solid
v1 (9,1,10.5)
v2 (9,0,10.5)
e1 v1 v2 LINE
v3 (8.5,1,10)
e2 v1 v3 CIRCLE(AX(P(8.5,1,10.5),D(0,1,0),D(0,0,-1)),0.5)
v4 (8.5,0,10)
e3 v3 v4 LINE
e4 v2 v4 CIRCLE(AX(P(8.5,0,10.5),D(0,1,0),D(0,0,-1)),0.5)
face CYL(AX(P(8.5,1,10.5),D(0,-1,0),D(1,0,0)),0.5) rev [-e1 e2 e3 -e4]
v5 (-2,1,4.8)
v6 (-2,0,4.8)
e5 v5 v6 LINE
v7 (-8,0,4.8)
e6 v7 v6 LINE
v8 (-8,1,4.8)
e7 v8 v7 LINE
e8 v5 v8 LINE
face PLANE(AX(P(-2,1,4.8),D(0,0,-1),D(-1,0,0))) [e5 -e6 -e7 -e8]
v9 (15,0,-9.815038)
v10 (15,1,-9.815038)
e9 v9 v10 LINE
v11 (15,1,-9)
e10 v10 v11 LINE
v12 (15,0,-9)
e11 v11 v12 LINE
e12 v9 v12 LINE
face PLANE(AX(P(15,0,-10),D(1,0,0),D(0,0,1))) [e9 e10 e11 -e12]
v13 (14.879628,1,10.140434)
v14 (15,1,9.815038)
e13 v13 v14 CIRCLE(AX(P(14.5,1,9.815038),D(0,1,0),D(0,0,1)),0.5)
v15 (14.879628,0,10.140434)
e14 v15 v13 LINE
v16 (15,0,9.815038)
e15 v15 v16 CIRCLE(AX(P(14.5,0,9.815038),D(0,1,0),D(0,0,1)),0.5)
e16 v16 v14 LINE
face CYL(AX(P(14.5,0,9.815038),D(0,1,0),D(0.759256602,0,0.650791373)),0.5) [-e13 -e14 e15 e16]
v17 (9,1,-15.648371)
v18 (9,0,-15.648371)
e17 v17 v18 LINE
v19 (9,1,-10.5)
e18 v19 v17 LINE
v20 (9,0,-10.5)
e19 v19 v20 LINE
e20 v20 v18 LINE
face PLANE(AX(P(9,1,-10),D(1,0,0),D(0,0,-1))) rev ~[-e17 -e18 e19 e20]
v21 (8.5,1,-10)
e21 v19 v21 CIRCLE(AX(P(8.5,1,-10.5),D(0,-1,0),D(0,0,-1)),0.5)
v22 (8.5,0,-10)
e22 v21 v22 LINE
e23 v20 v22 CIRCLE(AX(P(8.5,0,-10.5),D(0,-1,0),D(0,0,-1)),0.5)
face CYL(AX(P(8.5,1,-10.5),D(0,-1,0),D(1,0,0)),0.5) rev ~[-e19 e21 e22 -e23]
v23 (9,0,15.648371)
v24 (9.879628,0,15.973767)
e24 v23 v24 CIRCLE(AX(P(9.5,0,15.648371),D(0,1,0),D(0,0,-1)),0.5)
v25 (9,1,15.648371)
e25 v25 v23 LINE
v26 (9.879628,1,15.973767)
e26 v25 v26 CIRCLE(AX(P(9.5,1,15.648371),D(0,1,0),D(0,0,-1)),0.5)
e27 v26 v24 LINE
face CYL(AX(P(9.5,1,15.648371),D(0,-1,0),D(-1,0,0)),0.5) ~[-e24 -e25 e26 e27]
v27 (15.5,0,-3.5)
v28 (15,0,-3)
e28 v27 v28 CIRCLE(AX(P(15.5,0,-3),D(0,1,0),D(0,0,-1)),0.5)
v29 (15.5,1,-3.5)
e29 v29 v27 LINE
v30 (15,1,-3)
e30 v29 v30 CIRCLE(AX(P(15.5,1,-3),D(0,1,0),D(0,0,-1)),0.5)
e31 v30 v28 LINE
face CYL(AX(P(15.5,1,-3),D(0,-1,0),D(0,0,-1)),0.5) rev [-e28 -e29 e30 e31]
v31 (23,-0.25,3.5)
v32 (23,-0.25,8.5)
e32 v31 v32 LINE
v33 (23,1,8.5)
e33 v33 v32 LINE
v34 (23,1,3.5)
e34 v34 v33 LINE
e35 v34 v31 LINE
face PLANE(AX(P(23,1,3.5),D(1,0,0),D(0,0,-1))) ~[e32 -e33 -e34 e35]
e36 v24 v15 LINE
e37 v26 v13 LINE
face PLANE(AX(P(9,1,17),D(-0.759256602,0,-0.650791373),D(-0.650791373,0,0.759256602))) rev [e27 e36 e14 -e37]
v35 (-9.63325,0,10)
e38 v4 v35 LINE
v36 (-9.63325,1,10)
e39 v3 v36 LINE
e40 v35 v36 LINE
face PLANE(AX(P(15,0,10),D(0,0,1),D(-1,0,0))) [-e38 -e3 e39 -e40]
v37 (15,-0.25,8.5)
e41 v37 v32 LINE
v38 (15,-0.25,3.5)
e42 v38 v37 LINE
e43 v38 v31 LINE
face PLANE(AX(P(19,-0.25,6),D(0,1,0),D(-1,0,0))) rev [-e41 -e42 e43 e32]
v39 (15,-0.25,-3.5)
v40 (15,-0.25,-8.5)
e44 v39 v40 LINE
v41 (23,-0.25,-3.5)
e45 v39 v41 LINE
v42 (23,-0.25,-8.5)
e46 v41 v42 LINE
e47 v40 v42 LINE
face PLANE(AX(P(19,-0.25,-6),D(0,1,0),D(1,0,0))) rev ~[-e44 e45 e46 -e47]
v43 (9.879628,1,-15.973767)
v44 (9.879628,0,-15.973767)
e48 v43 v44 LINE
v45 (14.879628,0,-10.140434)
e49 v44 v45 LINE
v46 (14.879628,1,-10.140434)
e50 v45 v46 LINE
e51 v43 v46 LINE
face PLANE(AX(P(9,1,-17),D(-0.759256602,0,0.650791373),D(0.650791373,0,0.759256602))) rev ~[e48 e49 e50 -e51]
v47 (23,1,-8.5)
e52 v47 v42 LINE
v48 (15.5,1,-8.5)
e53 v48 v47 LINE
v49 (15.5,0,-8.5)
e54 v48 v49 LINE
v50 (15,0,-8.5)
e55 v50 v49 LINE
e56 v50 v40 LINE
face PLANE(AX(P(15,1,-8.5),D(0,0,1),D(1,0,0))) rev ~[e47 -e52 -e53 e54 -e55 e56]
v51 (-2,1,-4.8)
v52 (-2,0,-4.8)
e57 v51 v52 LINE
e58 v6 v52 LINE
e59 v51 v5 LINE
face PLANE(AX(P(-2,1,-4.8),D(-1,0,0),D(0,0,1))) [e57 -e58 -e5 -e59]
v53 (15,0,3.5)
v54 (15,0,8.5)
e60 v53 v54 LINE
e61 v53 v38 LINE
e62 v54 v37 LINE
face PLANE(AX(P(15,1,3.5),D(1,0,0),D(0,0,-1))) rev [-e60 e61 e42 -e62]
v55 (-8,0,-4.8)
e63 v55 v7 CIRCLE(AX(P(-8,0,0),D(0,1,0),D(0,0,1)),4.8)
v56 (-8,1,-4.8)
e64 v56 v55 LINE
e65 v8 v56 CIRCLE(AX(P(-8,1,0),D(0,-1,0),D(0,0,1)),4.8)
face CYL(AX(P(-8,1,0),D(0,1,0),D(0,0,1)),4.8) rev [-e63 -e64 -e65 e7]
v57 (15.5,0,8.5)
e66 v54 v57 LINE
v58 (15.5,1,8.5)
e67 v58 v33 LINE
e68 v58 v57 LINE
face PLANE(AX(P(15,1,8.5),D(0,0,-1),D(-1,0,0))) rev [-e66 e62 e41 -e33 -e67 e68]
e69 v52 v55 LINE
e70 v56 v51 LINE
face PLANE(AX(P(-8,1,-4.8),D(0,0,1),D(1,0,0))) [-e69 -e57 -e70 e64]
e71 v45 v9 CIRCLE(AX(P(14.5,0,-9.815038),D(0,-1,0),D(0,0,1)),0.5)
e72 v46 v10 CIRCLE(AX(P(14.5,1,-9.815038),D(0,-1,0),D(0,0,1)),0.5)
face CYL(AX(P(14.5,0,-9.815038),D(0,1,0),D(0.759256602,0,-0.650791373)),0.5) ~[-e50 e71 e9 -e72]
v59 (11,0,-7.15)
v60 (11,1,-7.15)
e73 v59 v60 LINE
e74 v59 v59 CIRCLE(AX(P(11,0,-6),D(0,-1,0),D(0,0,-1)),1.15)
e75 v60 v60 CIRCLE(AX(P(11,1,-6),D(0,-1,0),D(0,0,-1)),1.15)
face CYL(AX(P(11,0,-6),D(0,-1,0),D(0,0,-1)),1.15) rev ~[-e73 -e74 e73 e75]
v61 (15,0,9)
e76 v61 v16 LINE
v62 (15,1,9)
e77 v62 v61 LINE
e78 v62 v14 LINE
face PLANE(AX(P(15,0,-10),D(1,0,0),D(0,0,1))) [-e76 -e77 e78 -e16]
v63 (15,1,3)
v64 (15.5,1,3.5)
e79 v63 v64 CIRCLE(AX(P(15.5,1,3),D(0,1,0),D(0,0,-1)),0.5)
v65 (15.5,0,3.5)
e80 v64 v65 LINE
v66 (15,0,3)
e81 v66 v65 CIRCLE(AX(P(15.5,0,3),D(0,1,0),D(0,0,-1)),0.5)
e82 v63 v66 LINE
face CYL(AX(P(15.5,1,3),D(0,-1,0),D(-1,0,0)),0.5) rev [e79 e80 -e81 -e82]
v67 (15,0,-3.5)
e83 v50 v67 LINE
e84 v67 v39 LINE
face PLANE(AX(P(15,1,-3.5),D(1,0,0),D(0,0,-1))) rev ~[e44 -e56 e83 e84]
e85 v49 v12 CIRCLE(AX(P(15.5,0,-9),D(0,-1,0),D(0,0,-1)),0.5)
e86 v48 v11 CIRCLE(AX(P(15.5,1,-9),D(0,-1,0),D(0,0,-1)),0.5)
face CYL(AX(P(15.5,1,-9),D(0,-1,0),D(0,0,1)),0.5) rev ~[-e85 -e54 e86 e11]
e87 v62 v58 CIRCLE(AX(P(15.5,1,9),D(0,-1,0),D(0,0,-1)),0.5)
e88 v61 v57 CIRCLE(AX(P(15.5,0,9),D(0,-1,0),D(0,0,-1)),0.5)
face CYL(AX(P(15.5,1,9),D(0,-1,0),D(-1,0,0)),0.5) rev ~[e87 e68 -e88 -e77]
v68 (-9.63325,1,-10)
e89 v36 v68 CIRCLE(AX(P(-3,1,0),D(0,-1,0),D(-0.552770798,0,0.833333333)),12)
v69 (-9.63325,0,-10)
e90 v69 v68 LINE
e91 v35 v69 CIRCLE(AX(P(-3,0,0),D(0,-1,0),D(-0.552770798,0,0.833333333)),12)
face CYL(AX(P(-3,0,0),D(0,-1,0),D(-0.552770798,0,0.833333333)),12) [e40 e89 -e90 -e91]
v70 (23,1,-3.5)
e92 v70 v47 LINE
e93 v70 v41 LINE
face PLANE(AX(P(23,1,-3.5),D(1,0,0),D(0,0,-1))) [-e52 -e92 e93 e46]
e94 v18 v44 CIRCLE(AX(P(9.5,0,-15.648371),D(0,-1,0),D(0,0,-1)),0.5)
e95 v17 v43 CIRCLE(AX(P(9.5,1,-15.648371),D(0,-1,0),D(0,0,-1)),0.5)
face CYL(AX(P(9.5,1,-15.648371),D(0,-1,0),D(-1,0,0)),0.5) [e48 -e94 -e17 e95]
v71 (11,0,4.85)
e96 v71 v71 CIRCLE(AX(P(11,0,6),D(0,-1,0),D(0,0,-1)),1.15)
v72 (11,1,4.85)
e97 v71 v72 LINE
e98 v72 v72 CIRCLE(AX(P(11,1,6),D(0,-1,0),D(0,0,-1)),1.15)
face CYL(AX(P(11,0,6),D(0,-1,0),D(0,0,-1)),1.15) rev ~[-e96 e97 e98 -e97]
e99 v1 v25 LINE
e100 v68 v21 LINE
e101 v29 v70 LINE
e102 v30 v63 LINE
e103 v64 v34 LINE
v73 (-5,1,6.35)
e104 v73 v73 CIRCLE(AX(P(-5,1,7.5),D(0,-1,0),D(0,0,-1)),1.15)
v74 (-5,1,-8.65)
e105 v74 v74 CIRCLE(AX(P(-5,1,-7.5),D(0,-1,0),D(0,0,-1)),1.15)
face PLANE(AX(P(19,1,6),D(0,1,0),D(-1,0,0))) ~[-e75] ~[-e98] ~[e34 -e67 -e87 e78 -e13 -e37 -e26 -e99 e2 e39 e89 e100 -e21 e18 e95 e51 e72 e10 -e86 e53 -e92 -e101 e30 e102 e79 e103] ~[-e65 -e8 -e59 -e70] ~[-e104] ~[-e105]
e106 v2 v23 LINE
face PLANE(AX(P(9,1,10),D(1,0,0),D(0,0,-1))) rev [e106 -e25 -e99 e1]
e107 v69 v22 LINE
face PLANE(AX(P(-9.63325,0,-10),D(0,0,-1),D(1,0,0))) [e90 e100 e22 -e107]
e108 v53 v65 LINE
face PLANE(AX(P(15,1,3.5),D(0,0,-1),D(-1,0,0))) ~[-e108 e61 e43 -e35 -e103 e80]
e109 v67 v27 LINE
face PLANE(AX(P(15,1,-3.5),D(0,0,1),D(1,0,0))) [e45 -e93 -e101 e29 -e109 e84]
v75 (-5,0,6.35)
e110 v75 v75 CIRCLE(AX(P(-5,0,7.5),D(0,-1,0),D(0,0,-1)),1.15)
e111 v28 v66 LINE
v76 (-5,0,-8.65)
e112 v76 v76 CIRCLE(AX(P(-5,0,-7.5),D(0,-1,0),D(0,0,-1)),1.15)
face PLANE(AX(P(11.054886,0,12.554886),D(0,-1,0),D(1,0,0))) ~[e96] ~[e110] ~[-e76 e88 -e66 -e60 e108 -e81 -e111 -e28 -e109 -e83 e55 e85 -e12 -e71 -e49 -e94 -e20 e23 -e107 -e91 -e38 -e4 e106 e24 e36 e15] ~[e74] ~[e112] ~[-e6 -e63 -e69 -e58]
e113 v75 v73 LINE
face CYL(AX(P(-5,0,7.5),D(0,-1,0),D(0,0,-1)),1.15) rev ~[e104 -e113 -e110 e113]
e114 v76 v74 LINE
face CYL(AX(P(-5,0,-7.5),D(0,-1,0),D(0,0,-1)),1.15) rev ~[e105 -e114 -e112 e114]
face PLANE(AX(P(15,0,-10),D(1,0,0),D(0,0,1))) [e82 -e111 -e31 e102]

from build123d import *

# Parameters (mm, degrees)
BOSS_EXTRUDE1_DEPTH  = 1
CUT_EXTRUDE1_DEPTH   = 1.25
BOSS_EXTRUDE2_DEPTH  = 1
FILLET1_R            = 0.5
FILLET2_R            = 0.5
SKETCH5_W            = 8
SKETCH5_H            = 5
BOSS_EXTRUDE3_DEPTH  = 1.25
FILLET3_R            = 0.5
FILLET1_OF_MIRROR6_R = 0.5
FILLET4_R            = 0.5
SKETCH6_R            = 1.15
CUT_EXTRUDE2_DEPTH   = 29.120631136


with BuildPart() as part:
    # Sketch2 → Boss-Extrude1 (new body)
    with BuildSketch(Plane(origin=(0, 0, 0), x_dir=(1, 0, 0), z_dir=(0, 1, 0))):
        with BuildLine():
            Line((15, -10), (-9.633249581, -10))
            ThreePointArc((-9.633249581, -10), (-15, 0), (-9.633249581, 10))
            Line((-9.633249581, 10), (15, 10))
            Line((15, 10), (15, -10))
        make_face()
    extrude(amount=BOSS_EXTRUDE1_DEPTH)

    # Sketch3 → Cut-Extrude1 (cut)
    with BuildSketch(Plane(origin=(0, 1, 0), x_dir=(1, 0, 0), z_dir=(0, 1, 0))):
        with BuildLine():
            Line((-8, 4.8), (-2, 4.8))
            Line((-2, 4.8), (-2, -4.8))
            Line((-2, -4.8), (-8, -4.8))
            ThreePointArc((-8, -4.8), (-12.8, 0), (-8, 4.8))
        make_face()
    extrude(amount=-CUT_EXTRUDE1_DEPTH, mode=Mode.SUBTRACT)

    # Sketch4 → Boss-Extrude2 (add)
    with BuildSketch(Plane(origin=(0, 1, 0), x_dir=(1, 0, 0), z_dir=(0, 1, 0))):
        Polygon((9, 10), (9, 17), (15, 10), align=None)
    boss_extrude2 = extrude(amount=-BOSS_EXTRUDE2_DEPTH)

    # Fillet1
    fillet1_edges = [part.edges().sort_by_distance(p)[0] for p in [
        (9, 0.5, -17),
    ]]
    fillet(fillet1_edges, radius=FILLET1_R)

    # Fillet2
    fillet2_edges = [part.edges().sort_by_distance(p)[0] for p in [
        (9, 0.5, -10),
    ]]
    fillet(fillet2_edges, radius=FILLET2_R)

    # Sketch5 → Boss-Extrude3 (add)
    with BuildSketch(Plane(origin=(0, 1, 0), x_dir=(1, 0, 0), z_dir=(0, 1, 0))):
        with Locations((19, 6)):
            Rectangle(SKETCH5_W, SKETCH5_H)
    boss_extrude3 = extrude(amount=-BOSS_EXTRUDE3_DEPTH)

    # Fillet3
    fillet3_edges = [part.edges().sort_by_distance(p)[0] for p in [
        (15, 0.5, -3.5),
        (15, 0.5, -8.5),
        (15, 0.5, -10),
    ]]
    fillet(fillet3_edges, radius=FILLET3_R)

    # Mirror6: Boss-Extrude2, Boss-Extrude3 across plane
    add(boss_extrude2.mirror(Plane.XY))
    add(boss_extrude3.mirror(Plane.XY))

    # Fillet1 of Mirror6
    fillet1_of_mirror6_edges = [part.edges().sort_by_distance(p)[0] for p in [
        (9, 0.5, 17),
    ]]
    fillet(fillet1_of_mirror6_edges, radius=FILLET1_OF_MIRROR6_R)

    # Fillet4
    fillet4_edges = [part.edges().sort_by_distance(p)[0] for p in [
        (9, 0.5, 10),
        (15, 0.5, 8.5),
        (15, 0.5, 3.5),
        (15, 0.5, 10),
    ]]
    fillet(fillet4_edges, radius=FILLET4_R)

    # Sketch6 → Cut-Extrude2 (cut, through all)
    with BuildSketch(Plane.XZ):
        with Locations(Location((-5, -7.5, 0), (0, 0, 270))):
            Circle(SKETCH6_R)
        with Locations(Location((11, -6, 0), (0, 0, 270))):
            Circle(SKETCH6_R)
        with Locations(Location((11, 6, 0), (0, 0, 270))):
            Circle(SKETCH6_R)
        with Locations(Location((-5, 7.5, 0), (0, 0, 270))):
            Circle(SKETCH6_R)
    extrude(amount=-CUT_EXTRUDE2_DEPTH, mode=Mode.SUBTRACT)


solid = part.part
